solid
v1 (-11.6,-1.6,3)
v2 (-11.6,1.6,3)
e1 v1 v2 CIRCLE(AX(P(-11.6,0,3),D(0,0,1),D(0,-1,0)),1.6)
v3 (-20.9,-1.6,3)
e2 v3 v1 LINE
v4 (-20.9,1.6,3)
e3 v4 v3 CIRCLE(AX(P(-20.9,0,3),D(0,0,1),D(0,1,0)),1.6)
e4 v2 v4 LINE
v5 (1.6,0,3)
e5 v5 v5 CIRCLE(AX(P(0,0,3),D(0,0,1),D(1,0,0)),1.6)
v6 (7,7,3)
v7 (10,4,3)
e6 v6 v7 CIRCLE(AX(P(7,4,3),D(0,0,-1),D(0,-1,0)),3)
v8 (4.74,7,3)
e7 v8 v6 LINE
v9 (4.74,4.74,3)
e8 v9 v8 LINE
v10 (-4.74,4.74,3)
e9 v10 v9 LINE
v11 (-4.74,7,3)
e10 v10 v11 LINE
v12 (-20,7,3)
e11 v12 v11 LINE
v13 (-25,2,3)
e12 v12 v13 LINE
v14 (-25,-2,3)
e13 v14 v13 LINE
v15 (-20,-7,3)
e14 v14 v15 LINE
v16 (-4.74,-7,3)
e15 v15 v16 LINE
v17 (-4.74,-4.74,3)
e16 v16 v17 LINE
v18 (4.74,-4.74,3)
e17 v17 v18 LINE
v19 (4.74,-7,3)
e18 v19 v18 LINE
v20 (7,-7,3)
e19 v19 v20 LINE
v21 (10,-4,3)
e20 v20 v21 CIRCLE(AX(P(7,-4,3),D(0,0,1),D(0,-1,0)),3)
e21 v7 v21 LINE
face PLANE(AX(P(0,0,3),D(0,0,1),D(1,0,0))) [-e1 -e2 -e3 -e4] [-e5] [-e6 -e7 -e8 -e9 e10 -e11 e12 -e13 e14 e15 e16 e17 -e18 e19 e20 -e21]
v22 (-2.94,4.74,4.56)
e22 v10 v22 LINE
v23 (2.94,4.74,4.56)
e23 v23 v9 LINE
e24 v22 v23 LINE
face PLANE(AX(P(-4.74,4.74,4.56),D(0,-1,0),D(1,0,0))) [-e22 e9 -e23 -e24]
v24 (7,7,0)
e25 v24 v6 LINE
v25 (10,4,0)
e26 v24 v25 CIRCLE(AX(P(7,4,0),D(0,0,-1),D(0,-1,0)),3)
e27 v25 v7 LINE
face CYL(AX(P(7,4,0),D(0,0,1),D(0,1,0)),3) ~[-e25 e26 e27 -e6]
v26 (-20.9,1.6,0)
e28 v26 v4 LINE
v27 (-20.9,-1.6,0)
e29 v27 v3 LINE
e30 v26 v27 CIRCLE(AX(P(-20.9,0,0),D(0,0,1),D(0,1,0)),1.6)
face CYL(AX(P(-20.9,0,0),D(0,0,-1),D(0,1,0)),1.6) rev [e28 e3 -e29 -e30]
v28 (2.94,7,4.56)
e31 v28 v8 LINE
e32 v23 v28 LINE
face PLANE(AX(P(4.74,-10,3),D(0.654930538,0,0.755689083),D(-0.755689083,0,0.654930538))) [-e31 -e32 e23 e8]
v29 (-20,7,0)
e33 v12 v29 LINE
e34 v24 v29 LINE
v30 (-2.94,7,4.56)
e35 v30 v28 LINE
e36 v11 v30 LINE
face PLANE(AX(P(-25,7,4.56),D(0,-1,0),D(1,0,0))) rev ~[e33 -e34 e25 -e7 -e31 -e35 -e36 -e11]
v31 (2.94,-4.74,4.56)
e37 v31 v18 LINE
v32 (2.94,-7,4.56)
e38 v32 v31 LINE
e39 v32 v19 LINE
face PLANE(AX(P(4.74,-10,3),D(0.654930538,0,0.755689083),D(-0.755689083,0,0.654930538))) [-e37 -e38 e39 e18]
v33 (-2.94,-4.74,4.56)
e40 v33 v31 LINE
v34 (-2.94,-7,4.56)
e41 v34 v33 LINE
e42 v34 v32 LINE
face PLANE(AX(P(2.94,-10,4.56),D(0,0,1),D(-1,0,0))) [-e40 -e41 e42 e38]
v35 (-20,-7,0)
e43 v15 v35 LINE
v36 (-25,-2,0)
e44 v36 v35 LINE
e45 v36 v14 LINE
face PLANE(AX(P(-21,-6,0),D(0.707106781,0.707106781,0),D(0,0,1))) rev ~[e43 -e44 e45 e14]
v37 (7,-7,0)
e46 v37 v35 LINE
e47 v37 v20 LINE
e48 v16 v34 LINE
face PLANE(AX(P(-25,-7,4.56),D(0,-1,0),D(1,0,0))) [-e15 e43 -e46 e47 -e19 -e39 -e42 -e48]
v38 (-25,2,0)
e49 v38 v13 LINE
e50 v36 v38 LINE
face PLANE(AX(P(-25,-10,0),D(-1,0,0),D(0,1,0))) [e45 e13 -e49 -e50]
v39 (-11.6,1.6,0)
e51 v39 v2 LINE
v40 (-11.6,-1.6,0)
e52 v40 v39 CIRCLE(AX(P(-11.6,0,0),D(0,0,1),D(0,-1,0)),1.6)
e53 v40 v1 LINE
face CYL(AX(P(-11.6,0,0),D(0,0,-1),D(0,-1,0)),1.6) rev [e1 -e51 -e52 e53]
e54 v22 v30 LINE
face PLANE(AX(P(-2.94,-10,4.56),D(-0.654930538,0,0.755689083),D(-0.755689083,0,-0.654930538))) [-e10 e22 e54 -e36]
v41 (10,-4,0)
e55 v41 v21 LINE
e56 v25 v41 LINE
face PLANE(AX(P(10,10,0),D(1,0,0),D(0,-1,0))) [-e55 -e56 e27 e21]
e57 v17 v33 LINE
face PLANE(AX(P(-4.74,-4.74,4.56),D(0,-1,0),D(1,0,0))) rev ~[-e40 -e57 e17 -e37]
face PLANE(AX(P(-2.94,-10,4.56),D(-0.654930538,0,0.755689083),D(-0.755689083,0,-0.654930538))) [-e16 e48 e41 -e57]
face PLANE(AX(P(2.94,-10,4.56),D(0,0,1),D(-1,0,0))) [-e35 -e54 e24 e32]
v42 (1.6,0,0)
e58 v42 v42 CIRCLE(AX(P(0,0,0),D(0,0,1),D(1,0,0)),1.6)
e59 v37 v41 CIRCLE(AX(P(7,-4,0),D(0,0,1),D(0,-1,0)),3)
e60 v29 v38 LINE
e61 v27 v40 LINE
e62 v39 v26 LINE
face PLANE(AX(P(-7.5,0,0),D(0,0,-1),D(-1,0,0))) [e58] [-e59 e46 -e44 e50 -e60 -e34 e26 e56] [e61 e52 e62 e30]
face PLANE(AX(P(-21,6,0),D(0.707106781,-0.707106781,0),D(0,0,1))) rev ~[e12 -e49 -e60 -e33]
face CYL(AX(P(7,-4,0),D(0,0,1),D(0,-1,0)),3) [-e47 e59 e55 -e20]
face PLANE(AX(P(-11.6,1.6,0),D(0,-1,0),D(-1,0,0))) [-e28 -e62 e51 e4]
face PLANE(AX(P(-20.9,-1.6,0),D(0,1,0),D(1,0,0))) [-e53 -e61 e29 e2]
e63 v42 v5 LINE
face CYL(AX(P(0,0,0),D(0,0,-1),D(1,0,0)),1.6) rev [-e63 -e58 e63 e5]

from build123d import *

# Parameters (mm, degrees)
SKETCH_R        = 1.6
PAD_DEPTH       = 3
PAD001_DEPTH    = 20
SKETCH002_W     = 9.48
SKETCH002_H     = 9.48
POCKET_DEPTH    = 1.56
CHAMFER_SIZE    = 8
FILLET_R        = 3
SKETCH003_W     = 35
SKETCH003_H     = 3
POCKET001_DEPTH = 4.561
FILLET001_R     = 3


with BuildPart() as part:
    # Sketch → Pad (new body)
    with BuildSketch(Plane.XY):
        Polygon((-10, 10), (10, 10), (10, -10), (-10, -10), (-25, -10), (-25, 10), align=None)
        Circle(SKETCH_R, mode=Mode.SUBTRACT)
        with BuildLine():
            ThreePointArc((-20.9, 1.6), (-22.5, 0), (-20.9, -1.6))
            Line((-20.9, -1.6), (-11.6, -1.6))
            ThreePointArc((-11.6, -1.6), (-10, 0), (-11.6, 1.6))
            Line((-11.6, 1.6), (-20.9, 1.6))
        make_face(mode=Mode.SUBTRACT)
    extrude(amount=PAD_DEPTH)

    # Sketch001 (on Face3 of Pad) → Pad001 (join)
    with BuildSketch(Plane.XZ.offset(10)):
        Polygon((-4.74, 3), (4.74, 3), (2.94, 4.56), (-2.94, 4.56), align=None)
    extrude(amount=-PAD001_DEPTH)

    # Sketch002 (on Face18 of Pad001) → Pocket (cut)
    with BuildSketch(Plane.XY.offset(4.56)):
        Rectangle(SKETCH002_W, SKETCH002_H)
    extrude(amount=-POCKET_DEPTH, mode=Mode.SUBTRACT)

    # Chamfer
    chamfer_edges = [part.edges().sort_by_distance(p)[0] for p in [
        (-25, 10, 1.5),
        (-25, -10, 1.5),
    ]]
    chamfer(chamfer_edges, length=CHAMFER_SIZE)

    # Fillet
    fillet_edges = [part.edges().sort_by_distance(p)[0] for p in [
        (10, 10, 1.5),
        (10, -10, 1.5),
    ]]
    fillet(fillet_edges, radius=FILLET_R)

    # Sketch003 (on Face27 of Fillet) → Pocket001 (cut, through all)
    with BuildSketch(Plane.XY.offset(4.56)):
        with Locations((-7.5, 8.5)):
            Rectangle(SKETCH003_W, SKETCH003_H)
        with Locations((-7.5, -8.5)):
            Rectangle(SKETCH003_W, SKETCH003_H)
    extrude(amount=-POCKET001_DEPTH, mode=Mode.SUBTRACT)

    # Fillet001
    fillet001_edges = [part.edges().sort_by_distance(p)[0] for p in [
        (10, -7, 1.5),
        (10, 7, 1.5),
    ]]
    fillet(fillet001_edges, radius=FILLET001_R)


solid = part.part
